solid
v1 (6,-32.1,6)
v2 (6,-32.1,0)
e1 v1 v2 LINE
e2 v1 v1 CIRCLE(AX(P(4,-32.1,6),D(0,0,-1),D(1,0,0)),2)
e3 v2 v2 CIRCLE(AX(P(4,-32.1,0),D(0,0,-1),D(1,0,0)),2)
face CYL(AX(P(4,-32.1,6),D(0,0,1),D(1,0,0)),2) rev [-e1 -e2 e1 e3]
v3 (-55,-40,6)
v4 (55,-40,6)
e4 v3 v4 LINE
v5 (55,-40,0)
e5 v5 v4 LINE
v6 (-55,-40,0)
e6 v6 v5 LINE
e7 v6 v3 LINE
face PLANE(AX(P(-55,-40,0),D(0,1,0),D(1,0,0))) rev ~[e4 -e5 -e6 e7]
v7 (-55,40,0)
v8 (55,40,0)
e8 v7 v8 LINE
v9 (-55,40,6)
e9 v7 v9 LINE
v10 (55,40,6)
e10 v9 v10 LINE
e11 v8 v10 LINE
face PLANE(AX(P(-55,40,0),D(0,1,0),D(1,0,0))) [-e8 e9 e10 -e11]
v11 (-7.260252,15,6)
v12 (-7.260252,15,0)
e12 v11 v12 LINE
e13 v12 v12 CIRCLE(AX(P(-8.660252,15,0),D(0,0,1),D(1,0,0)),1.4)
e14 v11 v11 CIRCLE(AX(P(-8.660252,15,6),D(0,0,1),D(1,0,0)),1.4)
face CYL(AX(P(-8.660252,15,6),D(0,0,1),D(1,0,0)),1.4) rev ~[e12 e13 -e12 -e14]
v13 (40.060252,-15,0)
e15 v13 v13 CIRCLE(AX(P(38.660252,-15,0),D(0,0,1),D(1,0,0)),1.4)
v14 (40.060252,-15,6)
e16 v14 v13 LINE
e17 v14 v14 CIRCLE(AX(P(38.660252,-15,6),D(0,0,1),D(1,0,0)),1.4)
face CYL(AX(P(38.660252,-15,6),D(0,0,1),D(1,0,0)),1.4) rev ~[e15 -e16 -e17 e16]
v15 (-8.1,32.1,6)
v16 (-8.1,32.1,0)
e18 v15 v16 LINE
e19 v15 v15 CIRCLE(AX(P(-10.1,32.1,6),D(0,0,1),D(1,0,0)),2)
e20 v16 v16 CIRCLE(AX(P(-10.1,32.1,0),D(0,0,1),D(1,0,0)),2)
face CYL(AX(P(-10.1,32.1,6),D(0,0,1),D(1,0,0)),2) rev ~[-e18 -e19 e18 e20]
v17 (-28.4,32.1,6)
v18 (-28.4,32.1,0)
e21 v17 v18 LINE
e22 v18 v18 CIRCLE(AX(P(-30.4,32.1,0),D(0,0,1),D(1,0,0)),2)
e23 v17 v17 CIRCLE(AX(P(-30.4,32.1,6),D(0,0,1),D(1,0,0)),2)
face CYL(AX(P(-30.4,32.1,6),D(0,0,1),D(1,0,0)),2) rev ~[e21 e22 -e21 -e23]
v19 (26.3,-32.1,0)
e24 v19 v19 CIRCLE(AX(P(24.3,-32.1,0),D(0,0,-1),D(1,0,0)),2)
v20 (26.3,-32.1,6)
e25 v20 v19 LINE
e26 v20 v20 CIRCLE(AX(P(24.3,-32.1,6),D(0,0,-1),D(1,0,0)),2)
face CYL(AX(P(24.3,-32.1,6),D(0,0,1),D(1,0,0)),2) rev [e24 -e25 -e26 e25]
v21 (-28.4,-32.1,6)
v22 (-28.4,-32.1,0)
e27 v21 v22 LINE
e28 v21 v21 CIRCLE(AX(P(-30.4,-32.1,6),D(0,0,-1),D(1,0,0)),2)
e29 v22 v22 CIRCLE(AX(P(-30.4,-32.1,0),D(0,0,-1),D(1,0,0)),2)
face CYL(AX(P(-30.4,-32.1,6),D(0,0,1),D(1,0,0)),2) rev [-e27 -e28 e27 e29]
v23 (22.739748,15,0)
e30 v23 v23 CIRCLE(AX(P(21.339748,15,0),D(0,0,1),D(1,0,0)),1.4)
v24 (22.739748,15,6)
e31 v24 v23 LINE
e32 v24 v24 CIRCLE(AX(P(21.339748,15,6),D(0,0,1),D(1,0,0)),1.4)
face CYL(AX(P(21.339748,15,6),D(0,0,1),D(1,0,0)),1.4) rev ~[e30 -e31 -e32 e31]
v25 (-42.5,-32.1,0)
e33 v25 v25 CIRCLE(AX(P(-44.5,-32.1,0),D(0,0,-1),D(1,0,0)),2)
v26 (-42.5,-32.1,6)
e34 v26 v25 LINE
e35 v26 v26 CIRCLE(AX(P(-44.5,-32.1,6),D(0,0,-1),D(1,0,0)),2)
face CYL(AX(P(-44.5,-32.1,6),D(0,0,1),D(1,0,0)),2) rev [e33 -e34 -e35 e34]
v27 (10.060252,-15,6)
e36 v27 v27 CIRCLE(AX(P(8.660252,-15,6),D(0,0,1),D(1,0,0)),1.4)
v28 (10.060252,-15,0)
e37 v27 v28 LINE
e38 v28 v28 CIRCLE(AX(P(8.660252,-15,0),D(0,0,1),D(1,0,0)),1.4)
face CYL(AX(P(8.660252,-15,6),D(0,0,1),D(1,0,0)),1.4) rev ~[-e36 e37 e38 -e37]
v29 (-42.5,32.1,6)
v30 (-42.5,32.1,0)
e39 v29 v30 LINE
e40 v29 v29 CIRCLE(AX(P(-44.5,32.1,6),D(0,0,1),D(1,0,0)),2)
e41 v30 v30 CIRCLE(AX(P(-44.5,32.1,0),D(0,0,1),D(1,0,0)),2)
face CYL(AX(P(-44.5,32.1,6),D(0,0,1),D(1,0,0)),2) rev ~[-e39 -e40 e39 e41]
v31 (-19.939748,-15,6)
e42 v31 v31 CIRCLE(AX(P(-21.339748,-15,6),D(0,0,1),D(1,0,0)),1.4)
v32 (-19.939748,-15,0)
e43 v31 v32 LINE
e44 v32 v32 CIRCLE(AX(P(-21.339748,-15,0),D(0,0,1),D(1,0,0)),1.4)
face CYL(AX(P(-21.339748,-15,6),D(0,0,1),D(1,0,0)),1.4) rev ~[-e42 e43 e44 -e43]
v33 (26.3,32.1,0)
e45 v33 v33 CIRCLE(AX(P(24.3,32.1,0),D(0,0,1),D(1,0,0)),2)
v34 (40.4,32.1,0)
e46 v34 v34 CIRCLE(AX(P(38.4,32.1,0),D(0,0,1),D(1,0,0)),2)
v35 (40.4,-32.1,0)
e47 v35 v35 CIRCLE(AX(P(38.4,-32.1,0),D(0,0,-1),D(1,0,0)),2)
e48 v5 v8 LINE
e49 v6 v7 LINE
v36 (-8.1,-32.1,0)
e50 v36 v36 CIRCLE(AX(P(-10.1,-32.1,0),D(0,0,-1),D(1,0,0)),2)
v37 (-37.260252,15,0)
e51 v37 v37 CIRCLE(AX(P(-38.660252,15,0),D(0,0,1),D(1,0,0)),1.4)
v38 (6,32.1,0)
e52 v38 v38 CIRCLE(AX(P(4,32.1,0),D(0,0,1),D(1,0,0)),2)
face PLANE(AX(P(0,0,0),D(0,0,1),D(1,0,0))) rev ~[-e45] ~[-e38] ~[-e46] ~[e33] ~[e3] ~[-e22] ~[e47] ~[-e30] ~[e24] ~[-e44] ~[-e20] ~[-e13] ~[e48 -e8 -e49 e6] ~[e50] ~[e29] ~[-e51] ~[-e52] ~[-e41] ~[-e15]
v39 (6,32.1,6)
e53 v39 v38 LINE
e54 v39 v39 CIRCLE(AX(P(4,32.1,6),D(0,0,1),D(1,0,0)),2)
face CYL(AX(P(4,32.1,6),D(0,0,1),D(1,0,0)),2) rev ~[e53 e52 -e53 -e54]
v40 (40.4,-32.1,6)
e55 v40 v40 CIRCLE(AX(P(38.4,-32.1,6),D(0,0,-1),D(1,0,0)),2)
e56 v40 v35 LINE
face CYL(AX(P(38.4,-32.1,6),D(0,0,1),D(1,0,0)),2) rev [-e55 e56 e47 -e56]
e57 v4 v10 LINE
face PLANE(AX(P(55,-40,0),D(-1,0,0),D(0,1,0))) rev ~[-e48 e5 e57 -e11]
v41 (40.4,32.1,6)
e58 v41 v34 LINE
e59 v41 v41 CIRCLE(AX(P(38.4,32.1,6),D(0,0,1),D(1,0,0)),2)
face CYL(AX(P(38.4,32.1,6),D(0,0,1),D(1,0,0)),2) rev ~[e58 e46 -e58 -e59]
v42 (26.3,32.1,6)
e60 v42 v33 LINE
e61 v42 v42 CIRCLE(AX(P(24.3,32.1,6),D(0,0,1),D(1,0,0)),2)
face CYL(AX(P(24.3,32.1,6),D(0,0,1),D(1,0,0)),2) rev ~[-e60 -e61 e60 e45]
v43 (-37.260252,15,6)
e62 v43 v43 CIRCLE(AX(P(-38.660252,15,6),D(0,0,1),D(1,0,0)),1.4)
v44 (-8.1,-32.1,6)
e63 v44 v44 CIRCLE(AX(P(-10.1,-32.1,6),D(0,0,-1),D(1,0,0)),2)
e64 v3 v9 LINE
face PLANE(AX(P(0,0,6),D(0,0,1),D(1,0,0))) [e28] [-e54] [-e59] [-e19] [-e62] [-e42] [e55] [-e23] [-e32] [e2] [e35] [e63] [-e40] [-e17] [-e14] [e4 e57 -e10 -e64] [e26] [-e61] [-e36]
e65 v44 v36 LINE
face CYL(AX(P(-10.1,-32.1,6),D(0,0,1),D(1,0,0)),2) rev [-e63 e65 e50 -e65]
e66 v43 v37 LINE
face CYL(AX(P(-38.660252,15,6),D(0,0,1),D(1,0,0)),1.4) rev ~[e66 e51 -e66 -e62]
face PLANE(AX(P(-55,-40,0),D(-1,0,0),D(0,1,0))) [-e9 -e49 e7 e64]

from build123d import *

# Parameters (mm, degrees)
SKETCH_W        = 110
SKETCH_H        = 80
PAD_DEPTH       = 6
SKETCH001_R     = 1.4
POCKET_DEPTH    = 8
SKETCH002_R     = 2
POCKET001_DEPTH = 6


with BuildPart() as part:
    # Sketch → Pad (new body)
    with BuildSketch(Plane.XY):
        Rectangle(SKETCH_W, SKETCH_H)
    extrude(amount=PAD_DEPTH)

    # Sketch001 → Pocket (cut)
    with BuildSketch(Plane.XY.offset(6)):
        with Locations((-38.660252, 15)):
            Circle(SKETCH001_R)
        with Locations((-21.339748, -15)):
            Circle(SKETCH001_R)
        with Locations((-8.660252, 15)):
            Circle(SKETCH001_R)
        with Locations((8.660252, -15)):
            Circle(SKETCH001_R)
        with Locations((21.339748, 15)):
            Circle(SKETCH001_R)
        with Locations((38.660252, -15)):
            Circle(SKETCH001_R)
    extrude(amount=-POCKET_DEPTH, mode=Mode.SUBTRACT)

    # Sketch002 → Pocket001 (cut)
    with BuildSketch(Plane.XY.offset(6)):
        with Locations((-44.5, 32.1)):
            Circle(SKETCH002_R)
        with Locations((38.4, 32.1)):
            Circle(SKETCH002_R)
        with Locations((-30.4, 32.1)):
            Circle(SKETCH002_R)
        with Locations((-10.1, 32.1)):
            Circle(SKETCH002_R)
        with Locations((24.3, 32.1)):
            Circle(SKETCH002_R)
        with Locations((4, 32.1)):
            Circle(SKETCH002_R)
    pocket001 = extrude(amount=-POCKET001_DEPTH, mode=Mode.SUBTRACT)

    # Mirrored: Pocket001 across Sketch002 H_Axis
    add(pocket001.mirror(Plane(origin=(0, 0, 6), x_dir=(0, 0, 1), z_dir=(0, 1, 0))), mode=Mode.SUBTRACT)


solid = part.part
